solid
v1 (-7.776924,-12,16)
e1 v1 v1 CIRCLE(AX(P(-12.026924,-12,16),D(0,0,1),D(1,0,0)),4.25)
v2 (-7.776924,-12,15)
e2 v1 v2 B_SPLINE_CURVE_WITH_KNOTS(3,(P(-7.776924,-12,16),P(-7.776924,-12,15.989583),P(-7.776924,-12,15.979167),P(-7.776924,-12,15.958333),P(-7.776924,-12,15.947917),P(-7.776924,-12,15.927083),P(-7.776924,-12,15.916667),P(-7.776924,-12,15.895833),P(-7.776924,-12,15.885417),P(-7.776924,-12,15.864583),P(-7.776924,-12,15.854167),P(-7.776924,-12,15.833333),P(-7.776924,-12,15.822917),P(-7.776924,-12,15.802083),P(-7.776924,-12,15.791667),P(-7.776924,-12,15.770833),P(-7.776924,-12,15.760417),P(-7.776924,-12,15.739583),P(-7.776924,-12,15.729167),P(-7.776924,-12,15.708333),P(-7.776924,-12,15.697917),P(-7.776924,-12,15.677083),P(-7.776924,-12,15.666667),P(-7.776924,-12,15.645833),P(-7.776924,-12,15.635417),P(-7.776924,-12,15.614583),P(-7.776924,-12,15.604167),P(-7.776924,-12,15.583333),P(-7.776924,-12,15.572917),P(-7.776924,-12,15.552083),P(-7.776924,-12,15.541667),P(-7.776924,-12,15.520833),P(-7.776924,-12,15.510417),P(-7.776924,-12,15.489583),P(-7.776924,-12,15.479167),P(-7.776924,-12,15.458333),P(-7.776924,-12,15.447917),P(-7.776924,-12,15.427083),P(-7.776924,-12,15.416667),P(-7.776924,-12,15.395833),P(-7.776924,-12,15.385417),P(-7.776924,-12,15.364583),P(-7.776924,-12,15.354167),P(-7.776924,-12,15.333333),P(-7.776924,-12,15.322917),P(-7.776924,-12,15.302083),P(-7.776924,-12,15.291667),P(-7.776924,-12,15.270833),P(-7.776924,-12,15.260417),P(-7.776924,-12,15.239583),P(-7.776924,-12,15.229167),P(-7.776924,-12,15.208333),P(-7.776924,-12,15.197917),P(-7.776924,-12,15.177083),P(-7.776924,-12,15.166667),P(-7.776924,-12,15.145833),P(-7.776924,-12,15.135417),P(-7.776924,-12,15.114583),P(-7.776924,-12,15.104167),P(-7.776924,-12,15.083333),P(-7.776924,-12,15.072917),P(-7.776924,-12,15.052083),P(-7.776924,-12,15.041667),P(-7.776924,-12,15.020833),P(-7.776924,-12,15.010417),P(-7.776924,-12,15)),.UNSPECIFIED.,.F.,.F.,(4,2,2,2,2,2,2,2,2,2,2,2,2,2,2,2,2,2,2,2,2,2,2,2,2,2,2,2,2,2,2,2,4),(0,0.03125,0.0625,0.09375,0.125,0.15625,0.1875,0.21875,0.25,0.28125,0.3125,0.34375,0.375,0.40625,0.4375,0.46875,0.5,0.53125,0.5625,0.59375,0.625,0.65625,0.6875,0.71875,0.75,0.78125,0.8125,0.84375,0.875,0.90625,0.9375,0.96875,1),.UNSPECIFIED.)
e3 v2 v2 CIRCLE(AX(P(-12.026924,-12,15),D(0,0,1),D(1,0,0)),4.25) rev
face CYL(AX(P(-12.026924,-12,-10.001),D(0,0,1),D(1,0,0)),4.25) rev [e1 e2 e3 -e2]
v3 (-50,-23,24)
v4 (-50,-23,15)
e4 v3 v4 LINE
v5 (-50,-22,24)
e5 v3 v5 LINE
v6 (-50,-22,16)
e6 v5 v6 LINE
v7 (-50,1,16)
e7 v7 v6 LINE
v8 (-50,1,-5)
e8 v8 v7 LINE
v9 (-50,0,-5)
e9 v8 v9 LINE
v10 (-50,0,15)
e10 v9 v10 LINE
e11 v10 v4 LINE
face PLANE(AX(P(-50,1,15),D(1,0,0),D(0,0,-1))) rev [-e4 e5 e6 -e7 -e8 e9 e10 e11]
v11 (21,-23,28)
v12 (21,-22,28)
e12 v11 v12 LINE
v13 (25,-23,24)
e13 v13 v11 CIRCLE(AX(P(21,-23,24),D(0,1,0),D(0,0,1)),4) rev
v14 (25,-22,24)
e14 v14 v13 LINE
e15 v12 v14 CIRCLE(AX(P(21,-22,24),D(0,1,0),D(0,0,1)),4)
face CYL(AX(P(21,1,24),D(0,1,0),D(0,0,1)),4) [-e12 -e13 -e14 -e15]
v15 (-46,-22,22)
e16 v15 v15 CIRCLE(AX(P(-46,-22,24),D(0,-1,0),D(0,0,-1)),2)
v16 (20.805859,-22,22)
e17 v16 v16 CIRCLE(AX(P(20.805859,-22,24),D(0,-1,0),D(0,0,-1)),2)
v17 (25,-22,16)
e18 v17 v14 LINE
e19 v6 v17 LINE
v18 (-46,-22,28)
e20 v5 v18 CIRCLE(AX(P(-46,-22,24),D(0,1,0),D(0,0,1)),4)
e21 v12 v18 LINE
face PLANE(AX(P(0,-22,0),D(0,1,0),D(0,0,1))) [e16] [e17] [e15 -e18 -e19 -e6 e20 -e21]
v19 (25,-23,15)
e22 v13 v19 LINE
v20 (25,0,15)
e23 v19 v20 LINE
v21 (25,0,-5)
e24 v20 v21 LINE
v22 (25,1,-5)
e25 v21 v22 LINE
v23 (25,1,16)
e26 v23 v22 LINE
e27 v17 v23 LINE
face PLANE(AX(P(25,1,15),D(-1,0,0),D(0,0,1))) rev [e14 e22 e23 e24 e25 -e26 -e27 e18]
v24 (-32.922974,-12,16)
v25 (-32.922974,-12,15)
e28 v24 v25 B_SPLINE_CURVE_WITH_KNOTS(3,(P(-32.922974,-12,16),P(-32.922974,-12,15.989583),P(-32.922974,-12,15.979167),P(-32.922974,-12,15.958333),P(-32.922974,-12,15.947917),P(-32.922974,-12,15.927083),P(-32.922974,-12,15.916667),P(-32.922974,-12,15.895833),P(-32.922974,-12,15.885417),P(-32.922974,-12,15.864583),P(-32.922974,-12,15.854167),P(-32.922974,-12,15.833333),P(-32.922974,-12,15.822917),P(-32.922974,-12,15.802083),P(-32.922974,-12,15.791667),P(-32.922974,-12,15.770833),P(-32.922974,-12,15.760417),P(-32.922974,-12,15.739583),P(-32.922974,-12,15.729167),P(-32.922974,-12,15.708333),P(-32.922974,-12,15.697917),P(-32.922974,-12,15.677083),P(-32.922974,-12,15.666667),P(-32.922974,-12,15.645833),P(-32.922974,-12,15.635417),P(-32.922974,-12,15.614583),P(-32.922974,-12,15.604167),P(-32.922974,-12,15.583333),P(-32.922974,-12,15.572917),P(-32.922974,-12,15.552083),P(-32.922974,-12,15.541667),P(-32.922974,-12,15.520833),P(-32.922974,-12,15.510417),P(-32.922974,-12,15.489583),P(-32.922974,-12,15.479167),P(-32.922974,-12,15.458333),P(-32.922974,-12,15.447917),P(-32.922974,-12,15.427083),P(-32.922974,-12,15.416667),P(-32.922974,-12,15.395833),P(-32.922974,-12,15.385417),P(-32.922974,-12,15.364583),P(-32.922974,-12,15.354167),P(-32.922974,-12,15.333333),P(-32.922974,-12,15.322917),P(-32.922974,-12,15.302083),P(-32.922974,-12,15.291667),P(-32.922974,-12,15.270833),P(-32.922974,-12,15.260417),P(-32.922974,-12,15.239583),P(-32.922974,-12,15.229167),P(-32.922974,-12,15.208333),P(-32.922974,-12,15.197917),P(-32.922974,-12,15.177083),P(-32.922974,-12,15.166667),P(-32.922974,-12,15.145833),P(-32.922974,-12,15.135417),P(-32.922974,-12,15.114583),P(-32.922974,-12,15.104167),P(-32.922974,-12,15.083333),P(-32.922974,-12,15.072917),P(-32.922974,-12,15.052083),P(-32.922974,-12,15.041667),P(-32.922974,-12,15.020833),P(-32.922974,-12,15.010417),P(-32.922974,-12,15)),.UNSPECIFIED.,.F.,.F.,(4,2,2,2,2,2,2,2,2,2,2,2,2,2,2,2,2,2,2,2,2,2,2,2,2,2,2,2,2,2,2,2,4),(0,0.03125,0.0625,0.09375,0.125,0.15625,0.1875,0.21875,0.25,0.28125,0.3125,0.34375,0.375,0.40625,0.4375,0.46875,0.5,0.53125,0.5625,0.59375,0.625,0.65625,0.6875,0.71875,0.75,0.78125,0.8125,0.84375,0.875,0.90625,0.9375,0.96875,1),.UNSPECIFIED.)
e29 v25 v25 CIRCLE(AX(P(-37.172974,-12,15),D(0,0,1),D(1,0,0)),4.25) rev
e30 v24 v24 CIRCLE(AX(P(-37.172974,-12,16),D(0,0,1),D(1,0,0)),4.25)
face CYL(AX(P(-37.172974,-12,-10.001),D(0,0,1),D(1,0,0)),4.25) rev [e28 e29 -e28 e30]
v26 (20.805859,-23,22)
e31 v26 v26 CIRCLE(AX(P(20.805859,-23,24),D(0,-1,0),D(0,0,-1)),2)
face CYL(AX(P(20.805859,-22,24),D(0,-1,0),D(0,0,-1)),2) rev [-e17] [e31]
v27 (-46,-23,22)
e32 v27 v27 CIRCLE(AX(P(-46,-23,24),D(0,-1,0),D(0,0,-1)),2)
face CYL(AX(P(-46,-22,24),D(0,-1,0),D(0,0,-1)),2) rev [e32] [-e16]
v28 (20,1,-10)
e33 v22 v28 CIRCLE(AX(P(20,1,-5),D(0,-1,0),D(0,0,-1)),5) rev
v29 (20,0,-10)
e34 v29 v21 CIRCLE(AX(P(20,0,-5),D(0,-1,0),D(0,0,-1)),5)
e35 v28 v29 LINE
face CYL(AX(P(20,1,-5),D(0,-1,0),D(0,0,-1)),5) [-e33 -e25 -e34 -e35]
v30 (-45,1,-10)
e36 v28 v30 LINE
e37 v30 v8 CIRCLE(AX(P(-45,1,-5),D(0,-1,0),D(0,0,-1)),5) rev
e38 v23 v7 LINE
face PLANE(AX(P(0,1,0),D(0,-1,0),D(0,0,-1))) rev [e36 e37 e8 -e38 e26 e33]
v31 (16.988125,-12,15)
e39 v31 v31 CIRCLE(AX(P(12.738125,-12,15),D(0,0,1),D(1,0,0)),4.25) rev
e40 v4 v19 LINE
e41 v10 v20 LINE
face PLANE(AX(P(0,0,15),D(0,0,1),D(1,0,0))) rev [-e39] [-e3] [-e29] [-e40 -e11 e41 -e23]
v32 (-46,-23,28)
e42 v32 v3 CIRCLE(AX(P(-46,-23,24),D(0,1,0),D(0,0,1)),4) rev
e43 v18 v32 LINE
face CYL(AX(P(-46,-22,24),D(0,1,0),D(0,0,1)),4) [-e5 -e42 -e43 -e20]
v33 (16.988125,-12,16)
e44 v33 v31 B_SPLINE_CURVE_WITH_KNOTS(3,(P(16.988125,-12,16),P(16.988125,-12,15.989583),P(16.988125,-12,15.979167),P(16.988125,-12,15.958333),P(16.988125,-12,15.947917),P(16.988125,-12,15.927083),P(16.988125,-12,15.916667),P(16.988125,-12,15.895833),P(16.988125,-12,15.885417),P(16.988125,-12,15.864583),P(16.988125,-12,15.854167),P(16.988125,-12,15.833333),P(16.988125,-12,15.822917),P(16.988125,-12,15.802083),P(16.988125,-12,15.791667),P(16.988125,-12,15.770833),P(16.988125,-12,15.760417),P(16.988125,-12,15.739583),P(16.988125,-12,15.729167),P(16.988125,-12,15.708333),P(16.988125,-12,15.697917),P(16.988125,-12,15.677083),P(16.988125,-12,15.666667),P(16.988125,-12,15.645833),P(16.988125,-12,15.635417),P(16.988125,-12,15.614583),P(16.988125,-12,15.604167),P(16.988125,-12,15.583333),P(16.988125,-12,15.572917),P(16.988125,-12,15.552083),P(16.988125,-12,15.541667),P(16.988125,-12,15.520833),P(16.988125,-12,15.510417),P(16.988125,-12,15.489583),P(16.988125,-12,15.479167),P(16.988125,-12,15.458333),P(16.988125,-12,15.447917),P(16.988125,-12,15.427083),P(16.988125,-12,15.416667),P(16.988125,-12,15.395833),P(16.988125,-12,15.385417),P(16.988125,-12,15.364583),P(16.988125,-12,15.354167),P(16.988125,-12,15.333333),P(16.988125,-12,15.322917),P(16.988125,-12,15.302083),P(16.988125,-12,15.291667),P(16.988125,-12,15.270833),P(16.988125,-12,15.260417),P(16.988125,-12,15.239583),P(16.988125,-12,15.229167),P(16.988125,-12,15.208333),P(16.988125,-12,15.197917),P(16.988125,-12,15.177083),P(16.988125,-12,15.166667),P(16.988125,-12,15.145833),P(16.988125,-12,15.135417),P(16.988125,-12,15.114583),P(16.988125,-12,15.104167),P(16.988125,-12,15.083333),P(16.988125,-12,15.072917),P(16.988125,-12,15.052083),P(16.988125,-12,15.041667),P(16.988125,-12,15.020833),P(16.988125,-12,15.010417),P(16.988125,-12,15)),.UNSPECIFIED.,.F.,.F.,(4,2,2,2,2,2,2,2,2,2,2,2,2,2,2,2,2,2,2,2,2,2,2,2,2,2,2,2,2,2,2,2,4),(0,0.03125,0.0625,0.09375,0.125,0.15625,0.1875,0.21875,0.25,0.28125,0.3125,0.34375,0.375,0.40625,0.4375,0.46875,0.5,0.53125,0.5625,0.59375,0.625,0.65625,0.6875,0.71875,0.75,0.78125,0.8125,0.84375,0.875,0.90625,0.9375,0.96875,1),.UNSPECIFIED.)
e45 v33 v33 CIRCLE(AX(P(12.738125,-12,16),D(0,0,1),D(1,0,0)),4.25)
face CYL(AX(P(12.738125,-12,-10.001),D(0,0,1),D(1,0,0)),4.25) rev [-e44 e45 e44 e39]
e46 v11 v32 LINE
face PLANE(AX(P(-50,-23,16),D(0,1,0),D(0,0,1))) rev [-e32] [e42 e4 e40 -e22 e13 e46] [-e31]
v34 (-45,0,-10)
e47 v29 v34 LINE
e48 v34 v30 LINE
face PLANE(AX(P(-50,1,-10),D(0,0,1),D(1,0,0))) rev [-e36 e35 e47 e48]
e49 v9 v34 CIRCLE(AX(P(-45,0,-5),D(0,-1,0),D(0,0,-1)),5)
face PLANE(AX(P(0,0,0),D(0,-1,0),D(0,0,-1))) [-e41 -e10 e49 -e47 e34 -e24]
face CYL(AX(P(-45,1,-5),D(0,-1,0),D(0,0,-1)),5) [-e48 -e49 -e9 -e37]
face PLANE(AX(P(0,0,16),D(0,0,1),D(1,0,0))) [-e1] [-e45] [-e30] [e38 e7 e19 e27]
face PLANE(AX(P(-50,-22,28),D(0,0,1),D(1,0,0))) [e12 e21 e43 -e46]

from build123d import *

# Parameters (mm, degrees)
SKETCH1_W           = 75
SKETCH1_H           = 25
BOSS_EXTRUDE1_DEPTH = 1
SKETCH3_W           = 75
SKETCH3_H           = 24
BOSS_EXTRUDE2_DEPTH = 1
SKETCH4_W           = 75
SKETCH4_H           = 12
SKETCH4_R           = 2
BOSS_EXTRUDE3_DEPTH = 1
FILLET1_R           = 4
CUT_EXTRUDE2_REACH  = 62.869
SKETCH6_R           = 4.25
FILLET2_R           = 5


with BuildPart() as part:
    # Sketch1 → Boss-Extrude1 (new body)
    with BuildSketch(Plane(origin=(0, 0, 0), x_dir=(1, 0, 0), z_dir=(0, 1, 0))):
        with Locations((-12.5, -2.5)):
            Rectangle(SKETCH1_W, SKETCH1_H)
    extrude(amount=BOSS_EXTRUDE1_DEPTH)

    # Sketch3 → Boss-Extrude2 (add)
    with BuildSketch(Plane.XY.offset(15)):
        with Locations((-12.5, -11)):
            Rectangle(SKETCH3_W, SKETCH3_H)
    extrude(amount=BOSS_EXTRUDE2_DEPTH)

    # Sketch4 → Boss-Extrude3 (add)
    with BuildSketch(Plane.XZ.offset(23)):
        with Locations((-12.5, 22)):
            Rectangle(SKETCH4_W, SKETCH4_H)
        with Locations(Location((20.805858618, 24, 0), (0, 0, 270))):
            Circle(SKETCH4_R, mode=Mode.SUBTRACT)
        with Locations(Location((-46, 24, 0), (0, 0, 270))):
            Circle(SKETCH4_R, mode=Mode.SUBTRACT)
    extrude(amount=-BOSS_EXTRUDE3_DEPTH)

    # Fillet1
    fillet1_edges = [part.edges().sort_by_distance(p)[0] for p in [
        (-50, -22.5, 28),
        (25, -22.5, 28),
    ]]
    fillet(fillet1_edges, radius=FILLET1_R)

    # Sketch6 → Cut-Extrude2 (cut, up to next)
    with BuildSketch(Plane.XY.offset(16), mode=Mode.PRIVATE) as cut_extrude2_sk1:
        with Locations((-37.172974346, -12)):
            Circle(SKETCH6_R)
    cut_extrude2_tool1 = extrude(cut_extrude2_sk1.sketch, amount=-CUT_EXTRUDE2_REACH, mode=Mode.PRIVATE) & part.part
    # Sketch6 → Cut-Extrude2 (cut, up to next)
    with BuildSketch(Plane.XY.offset(16), mode=Mode.PRIVATE) as cut_extrude2_sk2:
        with Locations((-12.026924054, -12)):
            Circle(SKETCH6_R)
    cut_extrude2_tool2 = extrude(cut_extrude2_sk2.sketch, amount=-CUT_EXTRUDE2_REACH, mode=Mode.PRIVATE) & part.part
    # Sketch6 → Cut-Extrude2 (cut, up to next)
    with BuildSketch(Plane.XY.offset(16), mode=Mode.PRIVATE) as cut_extrude2_sk3:
        with Locations((12.738125476, -12)):
            Circle(SKETCH6_R)
    cut_extrude2_tool3 = extrude(cut_extrude2_sk3.sketch, amount=-CUT_EXTRUDE2_REACH, mode=Mode.PRIVATE) & part.part
    add(cut_extrude2_tool1.solids().sort_by_distance((-37.172974, -12, 16))[0], mode=Mode.SUBTRACT)
    add(cut_extrude2_tool2.solids().sort_by_distance((-12.026924, -12, 16))[0], mode=Mode.SUBTRACT)
    add(cut_extrude2_tool3.solids().sort_by_distance((12.738125, -12, 16))[0], mode=Mode.SUBTRACT)

    # Fillet2
    fillet2_edges = [part.edges().sort_by_distance(p)[0] for p in [
        (-50, 0.5, -10),
        (25, 0.5, -10),
    ]]
    fillet(fillet2_edges, radius=FILLET2_R)


solid = part.part
